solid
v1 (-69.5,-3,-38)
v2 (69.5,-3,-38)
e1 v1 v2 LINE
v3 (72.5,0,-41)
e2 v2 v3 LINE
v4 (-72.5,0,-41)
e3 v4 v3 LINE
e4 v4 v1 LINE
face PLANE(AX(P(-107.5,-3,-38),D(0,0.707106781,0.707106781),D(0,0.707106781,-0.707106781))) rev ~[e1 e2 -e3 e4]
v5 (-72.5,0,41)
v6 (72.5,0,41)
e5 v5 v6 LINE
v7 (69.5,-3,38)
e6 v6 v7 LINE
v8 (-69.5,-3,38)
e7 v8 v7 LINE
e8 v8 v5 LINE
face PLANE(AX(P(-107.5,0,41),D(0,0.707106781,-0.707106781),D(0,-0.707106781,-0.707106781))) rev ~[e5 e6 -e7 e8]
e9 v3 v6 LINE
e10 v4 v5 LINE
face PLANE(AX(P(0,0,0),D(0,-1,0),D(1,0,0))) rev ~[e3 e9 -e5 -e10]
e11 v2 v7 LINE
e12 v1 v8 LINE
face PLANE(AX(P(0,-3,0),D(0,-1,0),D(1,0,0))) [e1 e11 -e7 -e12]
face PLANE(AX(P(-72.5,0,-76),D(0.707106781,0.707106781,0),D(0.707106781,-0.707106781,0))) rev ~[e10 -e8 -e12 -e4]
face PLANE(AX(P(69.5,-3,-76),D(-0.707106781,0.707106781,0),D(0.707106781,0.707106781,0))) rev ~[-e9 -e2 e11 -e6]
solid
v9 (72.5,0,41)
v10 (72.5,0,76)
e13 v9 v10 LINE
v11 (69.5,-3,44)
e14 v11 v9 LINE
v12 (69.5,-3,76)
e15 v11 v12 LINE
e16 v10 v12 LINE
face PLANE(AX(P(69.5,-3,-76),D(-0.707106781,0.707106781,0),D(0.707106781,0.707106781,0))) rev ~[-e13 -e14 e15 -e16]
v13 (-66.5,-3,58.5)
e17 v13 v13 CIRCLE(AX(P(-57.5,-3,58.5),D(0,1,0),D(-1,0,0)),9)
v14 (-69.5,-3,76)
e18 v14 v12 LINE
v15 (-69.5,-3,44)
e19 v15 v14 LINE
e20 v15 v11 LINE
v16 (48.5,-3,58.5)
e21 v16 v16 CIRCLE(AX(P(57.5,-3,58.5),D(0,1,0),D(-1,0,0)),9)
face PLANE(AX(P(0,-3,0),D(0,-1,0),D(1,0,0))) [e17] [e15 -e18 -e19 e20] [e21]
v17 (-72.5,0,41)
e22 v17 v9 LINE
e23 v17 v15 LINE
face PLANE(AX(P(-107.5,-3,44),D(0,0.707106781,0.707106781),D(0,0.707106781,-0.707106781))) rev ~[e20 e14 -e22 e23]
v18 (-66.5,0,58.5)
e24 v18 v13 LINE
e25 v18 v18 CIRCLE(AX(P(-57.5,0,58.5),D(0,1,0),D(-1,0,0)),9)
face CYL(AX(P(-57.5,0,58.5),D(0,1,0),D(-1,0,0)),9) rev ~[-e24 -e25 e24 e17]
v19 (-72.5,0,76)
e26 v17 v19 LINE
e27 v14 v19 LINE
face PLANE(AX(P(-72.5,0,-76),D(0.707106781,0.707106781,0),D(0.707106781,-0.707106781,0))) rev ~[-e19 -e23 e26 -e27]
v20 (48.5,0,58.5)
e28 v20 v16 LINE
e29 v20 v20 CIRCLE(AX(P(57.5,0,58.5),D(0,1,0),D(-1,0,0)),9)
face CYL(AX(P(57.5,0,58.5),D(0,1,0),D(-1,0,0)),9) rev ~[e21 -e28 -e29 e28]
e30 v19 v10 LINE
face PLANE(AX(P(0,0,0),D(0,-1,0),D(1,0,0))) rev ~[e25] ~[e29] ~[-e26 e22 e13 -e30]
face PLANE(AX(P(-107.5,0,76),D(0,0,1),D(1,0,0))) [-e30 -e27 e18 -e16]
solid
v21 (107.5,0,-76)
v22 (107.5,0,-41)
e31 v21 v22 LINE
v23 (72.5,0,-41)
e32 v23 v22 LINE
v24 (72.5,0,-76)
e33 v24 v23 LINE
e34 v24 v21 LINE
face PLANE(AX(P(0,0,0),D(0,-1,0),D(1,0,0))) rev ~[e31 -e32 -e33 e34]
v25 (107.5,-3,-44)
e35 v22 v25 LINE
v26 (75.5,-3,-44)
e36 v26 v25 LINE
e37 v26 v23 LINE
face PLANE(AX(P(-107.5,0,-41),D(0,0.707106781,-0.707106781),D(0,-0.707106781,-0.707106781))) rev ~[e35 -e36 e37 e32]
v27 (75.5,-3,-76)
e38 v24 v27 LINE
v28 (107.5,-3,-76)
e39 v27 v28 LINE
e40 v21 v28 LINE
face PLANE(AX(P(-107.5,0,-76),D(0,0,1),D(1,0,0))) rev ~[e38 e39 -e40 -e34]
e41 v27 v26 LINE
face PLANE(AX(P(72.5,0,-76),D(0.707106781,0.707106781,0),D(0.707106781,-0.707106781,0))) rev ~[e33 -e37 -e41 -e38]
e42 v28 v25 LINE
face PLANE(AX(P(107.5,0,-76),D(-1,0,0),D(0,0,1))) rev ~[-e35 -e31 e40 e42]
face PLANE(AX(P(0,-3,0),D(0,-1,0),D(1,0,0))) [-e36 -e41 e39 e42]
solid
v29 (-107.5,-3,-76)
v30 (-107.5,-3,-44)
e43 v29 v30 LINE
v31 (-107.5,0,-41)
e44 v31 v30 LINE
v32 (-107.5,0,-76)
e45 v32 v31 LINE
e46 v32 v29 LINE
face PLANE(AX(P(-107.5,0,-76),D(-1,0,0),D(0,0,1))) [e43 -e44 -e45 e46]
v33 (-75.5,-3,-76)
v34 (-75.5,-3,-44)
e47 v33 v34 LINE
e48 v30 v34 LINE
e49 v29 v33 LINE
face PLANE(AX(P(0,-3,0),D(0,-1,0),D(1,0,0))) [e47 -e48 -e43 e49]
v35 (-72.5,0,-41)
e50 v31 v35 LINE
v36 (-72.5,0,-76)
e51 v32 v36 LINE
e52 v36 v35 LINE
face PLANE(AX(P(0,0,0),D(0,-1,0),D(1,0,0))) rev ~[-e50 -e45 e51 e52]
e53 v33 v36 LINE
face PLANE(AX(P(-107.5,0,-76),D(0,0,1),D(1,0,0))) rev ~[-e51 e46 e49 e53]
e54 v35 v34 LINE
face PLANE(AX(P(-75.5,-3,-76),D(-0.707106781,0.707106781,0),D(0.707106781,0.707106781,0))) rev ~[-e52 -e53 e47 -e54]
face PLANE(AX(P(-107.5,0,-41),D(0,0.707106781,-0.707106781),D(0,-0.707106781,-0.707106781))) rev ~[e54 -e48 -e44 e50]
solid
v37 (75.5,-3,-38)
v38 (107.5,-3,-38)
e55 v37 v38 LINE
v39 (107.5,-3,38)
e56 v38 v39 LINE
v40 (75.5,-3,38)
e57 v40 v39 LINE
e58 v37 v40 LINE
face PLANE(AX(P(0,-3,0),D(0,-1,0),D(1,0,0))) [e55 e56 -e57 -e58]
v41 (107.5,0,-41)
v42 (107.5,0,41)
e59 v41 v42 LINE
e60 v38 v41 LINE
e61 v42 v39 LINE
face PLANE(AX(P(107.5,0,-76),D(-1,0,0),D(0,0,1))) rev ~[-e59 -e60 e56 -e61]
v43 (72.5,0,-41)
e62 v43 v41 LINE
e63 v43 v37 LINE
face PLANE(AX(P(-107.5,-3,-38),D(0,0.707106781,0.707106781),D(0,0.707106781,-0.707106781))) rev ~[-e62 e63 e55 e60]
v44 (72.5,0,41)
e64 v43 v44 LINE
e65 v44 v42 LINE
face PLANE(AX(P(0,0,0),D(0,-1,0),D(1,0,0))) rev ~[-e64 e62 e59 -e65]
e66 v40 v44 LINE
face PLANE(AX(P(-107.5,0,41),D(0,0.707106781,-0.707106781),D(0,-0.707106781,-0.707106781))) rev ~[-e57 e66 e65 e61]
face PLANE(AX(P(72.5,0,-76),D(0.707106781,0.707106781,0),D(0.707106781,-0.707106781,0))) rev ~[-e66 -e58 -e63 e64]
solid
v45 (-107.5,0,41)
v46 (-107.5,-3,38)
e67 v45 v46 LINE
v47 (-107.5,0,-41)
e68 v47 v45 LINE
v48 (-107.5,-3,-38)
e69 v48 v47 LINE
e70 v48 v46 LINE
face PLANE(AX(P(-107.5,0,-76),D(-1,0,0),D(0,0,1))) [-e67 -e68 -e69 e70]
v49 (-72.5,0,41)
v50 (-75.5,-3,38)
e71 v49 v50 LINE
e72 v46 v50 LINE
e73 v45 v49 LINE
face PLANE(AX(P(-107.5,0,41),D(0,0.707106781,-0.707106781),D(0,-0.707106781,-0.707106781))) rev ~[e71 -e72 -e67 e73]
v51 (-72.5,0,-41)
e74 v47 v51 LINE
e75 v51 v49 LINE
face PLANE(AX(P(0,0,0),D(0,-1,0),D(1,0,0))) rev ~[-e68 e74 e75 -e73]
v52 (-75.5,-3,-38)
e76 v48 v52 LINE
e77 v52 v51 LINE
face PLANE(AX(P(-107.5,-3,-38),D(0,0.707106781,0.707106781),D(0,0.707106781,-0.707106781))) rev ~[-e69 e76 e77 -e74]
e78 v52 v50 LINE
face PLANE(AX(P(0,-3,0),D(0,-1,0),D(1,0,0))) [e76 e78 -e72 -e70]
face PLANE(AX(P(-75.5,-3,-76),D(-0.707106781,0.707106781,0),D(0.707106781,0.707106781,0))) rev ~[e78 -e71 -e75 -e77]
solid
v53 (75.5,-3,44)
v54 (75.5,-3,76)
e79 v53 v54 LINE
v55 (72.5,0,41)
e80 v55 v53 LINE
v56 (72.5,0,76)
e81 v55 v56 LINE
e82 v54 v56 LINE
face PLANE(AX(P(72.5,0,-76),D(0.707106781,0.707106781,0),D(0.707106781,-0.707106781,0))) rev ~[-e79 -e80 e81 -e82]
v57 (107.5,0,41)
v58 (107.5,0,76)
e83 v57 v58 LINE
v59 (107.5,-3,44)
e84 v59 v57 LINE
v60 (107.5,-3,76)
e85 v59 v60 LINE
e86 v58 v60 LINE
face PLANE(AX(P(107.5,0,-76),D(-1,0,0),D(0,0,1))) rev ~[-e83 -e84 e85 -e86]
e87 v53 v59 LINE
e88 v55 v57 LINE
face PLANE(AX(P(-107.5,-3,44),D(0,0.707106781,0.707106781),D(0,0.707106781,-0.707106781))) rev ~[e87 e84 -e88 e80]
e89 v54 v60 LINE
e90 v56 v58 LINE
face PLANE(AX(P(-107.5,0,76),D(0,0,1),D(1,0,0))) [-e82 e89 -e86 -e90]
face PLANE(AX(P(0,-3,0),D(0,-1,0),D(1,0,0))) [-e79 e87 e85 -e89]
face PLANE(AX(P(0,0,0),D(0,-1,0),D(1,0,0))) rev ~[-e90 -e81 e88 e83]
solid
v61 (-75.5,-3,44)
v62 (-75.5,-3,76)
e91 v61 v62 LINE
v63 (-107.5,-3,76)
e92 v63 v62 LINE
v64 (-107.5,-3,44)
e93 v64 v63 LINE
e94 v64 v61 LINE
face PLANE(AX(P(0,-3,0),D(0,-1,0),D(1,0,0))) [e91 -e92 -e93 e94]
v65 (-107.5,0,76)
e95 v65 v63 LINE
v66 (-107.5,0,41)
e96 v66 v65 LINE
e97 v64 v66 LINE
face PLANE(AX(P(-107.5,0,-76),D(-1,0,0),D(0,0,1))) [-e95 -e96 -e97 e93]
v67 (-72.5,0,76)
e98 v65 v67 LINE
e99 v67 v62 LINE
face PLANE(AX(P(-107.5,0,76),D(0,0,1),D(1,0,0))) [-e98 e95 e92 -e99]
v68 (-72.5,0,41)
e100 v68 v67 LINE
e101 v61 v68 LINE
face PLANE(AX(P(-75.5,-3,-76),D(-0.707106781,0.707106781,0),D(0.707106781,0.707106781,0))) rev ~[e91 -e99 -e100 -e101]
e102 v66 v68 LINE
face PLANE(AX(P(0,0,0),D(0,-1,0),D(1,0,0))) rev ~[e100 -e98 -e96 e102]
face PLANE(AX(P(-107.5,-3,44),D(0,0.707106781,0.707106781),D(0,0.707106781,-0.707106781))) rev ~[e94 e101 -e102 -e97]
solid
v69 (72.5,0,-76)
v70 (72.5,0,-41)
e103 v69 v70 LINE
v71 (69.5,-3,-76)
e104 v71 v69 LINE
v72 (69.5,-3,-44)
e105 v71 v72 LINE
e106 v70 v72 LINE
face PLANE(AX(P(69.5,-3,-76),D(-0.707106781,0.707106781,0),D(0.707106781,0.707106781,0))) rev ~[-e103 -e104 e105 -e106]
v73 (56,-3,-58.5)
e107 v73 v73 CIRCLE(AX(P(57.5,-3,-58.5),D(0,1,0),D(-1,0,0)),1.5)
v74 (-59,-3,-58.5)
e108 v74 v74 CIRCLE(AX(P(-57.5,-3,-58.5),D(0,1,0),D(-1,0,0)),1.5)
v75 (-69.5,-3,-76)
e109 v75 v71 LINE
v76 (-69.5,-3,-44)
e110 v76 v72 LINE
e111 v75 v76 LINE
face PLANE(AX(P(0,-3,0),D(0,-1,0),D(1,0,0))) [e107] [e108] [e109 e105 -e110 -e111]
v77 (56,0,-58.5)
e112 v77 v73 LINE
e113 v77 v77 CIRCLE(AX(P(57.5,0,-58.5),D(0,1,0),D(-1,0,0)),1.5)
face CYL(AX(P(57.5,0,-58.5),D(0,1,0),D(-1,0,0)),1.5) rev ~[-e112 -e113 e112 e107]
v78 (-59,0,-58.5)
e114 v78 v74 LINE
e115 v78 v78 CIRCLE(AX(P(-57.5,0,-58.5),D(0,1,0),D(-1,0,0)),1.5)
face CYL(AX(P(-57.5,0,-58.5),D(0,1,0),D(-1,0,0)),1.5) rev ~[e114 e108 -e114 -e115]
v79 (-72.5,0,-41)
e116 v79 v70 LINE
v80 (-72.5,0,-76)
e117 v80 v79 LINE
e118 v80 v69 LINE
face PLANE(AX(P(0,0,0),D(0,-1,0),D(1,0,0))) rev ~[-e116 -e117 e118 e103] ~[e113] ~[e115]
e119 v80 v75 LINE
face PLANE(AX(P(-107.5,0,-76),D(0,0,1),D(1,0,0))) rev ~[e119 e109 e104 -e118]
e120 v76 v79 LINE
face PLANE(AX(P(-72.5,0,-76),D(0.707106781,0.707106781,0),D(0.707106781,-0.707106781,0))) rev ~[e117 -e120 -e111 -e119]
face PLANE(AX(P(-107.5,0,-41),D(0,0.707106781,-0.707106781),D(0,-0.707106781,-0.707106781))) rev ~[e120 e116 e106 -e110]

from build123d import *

# Parameters (mm, degrees)
F0_W     = 215
F0_H     = 152
F1_DEPTH = 3
F3_DEPTH = 174.7
F5_DEPTH = 226.7
F6_R     = 9
F6_R_2   = 1.5
F7_DEPTH = 25


with BuildPart() as f1:
    # F0 (on Front) → F1 (new body)
    with BuildSketch(Plane.XZ):
        Rectangle(F0_W, F0_H)
    extrude(amount=F1_DEPTH)

    # F2 (on face) → F3 (cut)
    with BuildSketch(Plane(origin=(0, 0, -76), x_dir=(1, 0, 0), z_dir=(0, 0, -1))):
        Polygon((-75.5, 3), (-72.5, 0), (-69.5, 3), align=None)
        Polygon((69.5, 3), (72.5, 0), (75.5, 3), align=None)
    extrude(amount=-F3_DEPTH, mode=Mode.SUBTRACT)

    # F4 (on face) → F5 (cut)
    with BuildSketch(Plane(origin=(-107.5, 0, 0), x_dir=(0, -1, 0), z_dir=(-1, 0, 0))):
        Polygon((3, 44), (0, 41), (3, 38), align=None)
        Polygon((3, -38), (0, -41), (3, -44), align=None)
    extrude(amount=-F5_DEPTH, mode=Mode.SUBTRACT)

    # F6 (on face) → F7 (cut)
    with BuildSketch(Plane(origin=(0, 0, 0), x_dir=(-1, 0, 0), z_dir=(0, 1, 0))):
        with Locations((-57.5, 58.5)):
            Circle(F6_R)
        with Locations((57.5, 58.5)):
            Circle(F6_R)
        with Locations((-57.5, -58.5)):
            Circle(F6_R_2)
        with Locations((57.5, -58.5)):
            Circle(F6_R_2)
    extrude(amount=-F7_DEPTH, mode=Mode.SUBTRACT)


solid = f1.part
